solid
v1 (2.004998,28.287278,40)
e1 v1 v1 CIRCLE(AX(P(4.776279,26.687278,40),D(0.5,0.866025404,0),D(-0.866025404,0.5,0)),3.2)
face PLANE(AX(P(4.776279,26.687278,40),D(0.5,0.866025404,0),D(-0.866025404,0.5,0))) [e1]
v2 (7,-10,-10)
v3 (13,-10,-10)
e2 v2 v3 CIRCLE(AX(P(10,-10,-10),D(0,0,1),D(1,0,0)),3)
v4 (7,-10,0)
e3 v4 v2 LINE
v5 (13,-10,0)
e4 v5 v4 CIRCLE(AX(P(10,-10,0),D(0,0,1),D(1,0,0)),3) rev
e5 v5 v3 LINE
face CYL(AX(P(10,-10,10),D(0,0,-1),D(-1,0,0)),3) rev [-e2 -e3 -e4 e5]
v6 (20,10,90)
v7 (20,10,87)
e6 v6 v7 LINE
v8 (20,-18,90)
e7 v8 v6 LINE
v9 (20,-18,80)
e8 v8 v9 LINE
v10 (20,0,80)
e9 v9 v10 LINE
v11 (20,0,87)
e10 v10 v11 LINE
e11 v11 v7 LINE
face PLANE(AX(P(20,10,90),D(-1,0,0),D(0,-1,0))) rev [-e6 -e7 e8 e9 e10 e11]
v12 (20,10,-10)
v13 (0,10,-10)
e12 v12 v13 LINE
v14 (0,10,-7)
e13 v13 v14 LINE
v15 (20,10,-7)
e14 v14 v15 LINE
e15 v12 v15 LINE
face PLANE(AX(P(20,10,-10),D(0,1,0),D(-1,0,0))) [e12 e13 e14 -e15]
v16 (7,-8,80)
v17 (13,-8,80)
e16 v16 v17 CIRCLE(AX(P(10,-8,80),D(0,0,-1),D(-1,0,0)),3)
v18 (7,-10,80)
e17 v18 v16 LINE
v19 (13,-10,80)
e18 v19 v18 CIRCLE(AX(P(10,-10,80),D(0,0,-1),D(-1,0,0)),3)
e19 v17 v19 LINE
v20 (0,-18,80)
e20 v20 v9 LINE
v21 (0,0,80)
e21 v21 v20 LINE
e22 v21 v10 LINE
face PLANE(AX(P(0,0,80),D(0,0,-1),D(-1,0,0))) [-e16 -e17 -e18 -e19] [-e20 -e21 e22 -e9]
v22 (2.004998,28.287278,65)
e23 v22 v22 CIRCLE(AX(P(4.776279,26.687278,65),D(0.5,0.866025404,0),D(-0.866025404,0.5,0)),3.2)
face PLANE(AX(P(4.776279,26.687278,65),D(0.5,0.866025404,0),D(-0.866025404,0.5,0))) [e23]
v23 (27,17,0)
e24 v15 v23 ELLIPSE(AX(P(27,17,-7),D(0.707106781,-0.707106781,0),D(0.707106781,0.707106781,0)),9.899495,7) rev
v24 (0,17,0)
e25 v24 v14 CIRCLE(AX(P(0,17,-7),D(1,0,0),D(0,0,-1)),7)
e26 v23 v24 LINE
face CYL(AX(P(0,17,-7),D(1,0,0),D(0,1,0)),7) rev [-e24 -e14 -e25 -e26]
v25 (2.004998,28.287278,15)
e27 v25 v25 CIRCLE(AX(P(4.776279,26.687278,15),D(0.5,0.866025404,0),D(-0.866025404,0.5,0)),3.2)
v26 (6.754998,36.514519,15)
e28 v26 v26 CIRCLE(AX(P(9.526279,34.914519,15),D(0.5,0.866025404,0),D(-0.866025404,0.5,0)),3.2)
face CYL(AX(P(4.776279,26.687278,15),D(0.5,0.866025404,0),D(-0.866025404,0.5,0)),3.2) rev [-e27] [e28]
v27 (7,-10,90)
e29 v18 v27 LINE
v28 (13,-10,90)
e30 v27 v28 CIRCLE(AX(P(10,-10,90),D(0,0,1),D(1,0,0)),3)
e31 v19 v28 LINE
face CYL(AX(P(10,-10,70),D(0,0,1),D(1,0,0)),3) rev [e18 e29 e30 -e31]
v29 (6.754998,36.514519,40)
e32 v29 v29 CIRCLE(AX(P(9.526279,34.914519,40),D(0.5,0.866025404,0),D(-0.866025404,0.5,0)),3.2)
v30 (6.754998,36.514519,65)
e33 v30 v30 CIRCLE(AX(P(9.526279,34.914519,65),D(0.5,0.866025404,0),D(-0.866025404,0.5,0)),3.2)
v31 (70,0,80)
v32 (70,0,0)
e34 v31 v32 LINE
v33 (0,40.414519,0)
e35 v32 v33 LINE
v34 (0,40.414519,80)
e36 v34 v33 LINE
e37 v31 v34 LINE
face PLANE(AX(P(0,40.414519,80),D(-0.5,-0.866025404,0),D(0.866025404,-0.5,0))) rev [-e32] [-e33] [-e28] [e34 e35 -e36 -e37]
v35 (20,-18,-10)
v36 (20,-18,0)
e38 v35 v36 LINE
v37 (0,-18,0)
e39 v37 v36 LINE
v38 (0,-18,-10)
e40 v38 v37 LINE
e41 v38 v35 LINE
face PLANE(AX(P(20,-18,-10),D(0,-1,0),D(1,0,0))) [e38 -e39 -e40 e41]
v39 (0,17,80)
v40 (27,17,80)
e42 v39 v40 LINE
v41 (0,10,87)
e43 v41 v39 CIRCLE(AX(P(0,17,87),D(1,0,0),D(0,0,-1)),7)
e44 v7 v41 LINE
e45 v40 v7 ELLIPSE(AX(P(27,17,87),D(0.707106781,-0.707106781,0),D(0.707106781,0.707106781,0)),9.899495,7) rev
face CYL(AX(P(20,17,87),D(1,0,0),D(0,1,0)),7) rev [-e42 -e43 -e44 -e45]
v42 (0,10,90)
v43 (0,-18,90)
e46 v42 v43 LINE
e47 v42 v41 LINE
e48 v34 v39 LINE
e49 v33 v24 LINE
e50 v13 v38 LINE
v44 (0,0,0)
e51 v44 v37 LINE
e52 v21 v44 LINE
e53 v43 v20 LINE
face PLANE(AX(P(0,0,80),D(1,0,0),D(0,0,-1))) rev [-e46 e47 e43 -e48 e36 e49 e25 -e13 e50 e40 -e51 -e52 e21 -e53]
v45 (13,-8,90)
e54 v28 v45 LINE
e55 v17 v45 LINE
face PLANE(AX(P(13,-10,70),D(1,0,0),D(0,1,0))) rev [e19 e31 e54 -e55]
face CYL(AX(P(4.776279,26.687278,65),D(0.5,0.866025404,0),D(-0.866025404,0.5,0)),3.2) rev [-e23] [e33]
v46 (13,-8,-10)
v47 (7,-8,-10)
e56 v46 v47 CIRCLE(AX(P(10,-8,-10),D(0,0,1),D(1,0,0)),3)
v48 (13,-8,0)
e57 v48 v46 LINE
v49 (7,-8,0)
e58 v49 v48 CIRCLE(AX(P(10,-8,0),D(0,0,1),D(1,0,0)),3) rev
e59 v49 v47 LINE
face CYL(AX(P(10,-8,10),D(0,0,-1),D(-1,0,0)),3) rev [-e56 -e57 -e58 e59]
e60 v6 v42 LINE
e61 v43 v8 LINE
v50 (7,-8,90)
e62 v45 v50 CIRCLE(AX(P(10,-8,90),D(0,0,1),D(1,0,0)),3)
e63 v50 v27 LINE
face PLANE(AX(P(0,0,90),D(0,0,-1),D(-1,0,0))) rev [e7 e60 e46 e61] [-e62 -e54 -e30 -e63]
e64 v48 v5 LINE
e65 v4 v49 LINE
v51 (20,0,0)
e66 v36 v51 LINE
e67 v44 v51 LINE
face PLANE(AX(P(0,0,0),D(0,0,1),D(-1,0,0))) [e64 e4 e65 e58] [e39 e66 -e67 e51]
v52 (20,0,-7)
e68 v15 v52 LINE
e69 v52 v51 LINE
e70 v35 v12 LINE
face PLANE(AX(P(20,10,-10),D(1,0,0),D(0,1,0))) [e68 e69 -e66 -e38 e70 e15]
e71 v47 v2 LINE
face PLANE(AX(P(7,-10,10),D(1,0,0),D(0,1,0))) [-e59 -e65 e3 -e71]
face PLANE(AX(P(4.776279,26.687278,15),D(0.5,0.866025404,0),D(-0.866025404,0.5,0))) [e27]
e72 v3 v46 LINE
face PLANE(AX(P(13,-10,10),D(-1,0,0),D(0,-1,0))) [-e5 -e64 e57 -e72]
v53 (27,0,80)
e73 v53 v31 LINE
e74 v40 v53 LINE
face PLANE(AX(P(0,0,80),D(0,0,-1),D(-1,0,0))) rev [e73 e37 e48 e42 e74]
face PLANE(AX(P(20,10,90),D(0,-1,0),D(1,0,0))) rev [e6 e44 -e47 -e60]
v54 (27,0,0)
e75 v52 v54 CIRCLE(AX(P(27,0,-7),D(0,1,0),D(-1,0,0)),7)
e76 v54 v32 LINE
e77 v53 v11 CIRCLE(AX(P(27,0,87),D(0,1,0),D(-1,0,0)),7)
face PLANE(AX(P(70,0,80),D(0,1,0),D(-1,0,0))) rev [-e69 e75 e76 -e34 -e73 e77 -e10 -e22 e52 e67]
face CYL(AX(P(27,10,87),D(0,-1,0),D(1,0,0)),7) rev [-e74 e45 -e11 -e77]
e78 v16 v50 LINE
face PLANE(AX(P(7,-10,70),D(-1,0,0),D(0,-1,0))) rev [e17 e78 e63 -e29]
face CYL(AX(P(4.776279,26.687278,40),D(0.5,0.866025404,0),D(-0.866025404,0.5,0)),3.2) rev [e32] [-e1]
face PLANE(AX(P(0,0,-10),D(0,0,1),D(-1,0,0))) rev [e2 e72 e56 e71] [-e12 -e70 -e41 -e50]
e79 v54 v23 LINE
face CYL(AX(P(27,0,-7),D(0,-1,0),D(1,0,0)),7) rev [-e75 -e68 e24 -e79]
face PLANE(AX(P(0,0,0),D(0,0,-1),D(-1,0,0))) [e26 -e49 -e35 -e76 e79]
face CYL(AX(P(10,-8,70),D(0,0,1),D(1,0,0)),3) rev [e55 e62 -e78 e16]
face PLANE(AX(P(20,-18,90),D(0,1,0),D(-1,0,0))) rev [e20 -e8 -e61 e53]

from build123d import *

# Parameters (mm, degrees)
BOSS_EXTRUDE1_DEPTH = 80
SKETCH2_W           = 20
SKETCH2_H           = 28
BOSS_EXTRUDE2_DEPTH = 10
FILLET1_R           = 7
CUT_EXTRUDE1_DEPTH  = 20
FILLET2_R           = 7
SKETCH4_R           = 3.2
CUT_EXTRUDE2_DEPTH  = 9.5


with BuildPart() as part:
    # Sketch1 → Boss-Extrude1 (new body)
    with BuildSketch(Plane.XY):
        Polygon((0, 0), (0, 40.414518843), (70, 0), align=None)
    extrude(amount=BOSS_EXTRUDE1_DEPTH)

    # Sketch2 → Boss-Extrude2 (add)
    with BuildSketch(Plane.XY.offset(80)):
        with Locations((10, -4)):
            Rectangle(SKETCH2_W, SKETCH2_H)
    boss_extrude2 = extrude(amount=BOSS_EXTRUDE2_DEPTH)

    # Fillet1
    fillet1_edges = [part.edges().sort_by_distance(p)[0] for p in [
        (20, 5, 80),
        (10, 10, 80),
    ]]
    fillet(fillet1_edges, radius=FILLET1_R)

    # Sketch3 → Cut-Extrude1 (cut)
    with BuildSketch(Plane.XY.offset(90)):
        with BuildLine():
            Line((7, -10), (7, -8))
            ThreePointArc((7, -8), (10, -5), (13, -8))
            Line((13, -8), (13, -10))
            ThreePointArc((13, -10), (10, -13), (7, -10))
        make_face()
    cut_extrude1 = extrude(amount=-CUT_EXTRUDE1_DEPTH, mode=Mode.SUBTRACT)

    # Mirror10: Boss-Extrude2, Cut-Extrude1 across plane
    add(boss_extrude2.mirror(Plane(origin=(0, 0, 40), x_dir=(1, 0, 0), z_dir=(0, 0, -1))))
    add(cut_extrude1.mirror(Plane(origin=(0, 0, 40), x_dir=(1, 0, 0), z_dir=(0, 0, -1))), mode=Mode.SUBTRACT)

    # Fillet2
    fillet2_edges = [part.edges().sort_by_distance(p)[0] for p in [
        (20, 5, 0),
        (10, 10, 0),
    ]]
    fillet(fillet2_edges, radius=FILLET2_R)

    # Sketch4 → Cut-Extrude2 (cut)
    with BuildSketch(Plane(origin=(17.5, 30.310889132, 0), x_dir=(0.8660254037844418, -0.49999999999999456, 0), z_dir=(0.4999999999999946, 0.8660254037844419, 0))):
        with Locations(Location((-9.207259422, -15, 0), (0, 0, 180))):
            Circle(SKETCH4_R)
        with Locations(Location((-9.207259422, -40, 0), (0, 0, 180))):
            Circle(SKETCH4_R)
        with Locations(Location((-9.207259422, -65, 0), (0, 0, 180))):
            Circle(SKETCH4_R)
    extrude(amount=-CUT_EXTRUDE2_DEPTH, mode=Mode.SUBTRACT)


solid = part.part
